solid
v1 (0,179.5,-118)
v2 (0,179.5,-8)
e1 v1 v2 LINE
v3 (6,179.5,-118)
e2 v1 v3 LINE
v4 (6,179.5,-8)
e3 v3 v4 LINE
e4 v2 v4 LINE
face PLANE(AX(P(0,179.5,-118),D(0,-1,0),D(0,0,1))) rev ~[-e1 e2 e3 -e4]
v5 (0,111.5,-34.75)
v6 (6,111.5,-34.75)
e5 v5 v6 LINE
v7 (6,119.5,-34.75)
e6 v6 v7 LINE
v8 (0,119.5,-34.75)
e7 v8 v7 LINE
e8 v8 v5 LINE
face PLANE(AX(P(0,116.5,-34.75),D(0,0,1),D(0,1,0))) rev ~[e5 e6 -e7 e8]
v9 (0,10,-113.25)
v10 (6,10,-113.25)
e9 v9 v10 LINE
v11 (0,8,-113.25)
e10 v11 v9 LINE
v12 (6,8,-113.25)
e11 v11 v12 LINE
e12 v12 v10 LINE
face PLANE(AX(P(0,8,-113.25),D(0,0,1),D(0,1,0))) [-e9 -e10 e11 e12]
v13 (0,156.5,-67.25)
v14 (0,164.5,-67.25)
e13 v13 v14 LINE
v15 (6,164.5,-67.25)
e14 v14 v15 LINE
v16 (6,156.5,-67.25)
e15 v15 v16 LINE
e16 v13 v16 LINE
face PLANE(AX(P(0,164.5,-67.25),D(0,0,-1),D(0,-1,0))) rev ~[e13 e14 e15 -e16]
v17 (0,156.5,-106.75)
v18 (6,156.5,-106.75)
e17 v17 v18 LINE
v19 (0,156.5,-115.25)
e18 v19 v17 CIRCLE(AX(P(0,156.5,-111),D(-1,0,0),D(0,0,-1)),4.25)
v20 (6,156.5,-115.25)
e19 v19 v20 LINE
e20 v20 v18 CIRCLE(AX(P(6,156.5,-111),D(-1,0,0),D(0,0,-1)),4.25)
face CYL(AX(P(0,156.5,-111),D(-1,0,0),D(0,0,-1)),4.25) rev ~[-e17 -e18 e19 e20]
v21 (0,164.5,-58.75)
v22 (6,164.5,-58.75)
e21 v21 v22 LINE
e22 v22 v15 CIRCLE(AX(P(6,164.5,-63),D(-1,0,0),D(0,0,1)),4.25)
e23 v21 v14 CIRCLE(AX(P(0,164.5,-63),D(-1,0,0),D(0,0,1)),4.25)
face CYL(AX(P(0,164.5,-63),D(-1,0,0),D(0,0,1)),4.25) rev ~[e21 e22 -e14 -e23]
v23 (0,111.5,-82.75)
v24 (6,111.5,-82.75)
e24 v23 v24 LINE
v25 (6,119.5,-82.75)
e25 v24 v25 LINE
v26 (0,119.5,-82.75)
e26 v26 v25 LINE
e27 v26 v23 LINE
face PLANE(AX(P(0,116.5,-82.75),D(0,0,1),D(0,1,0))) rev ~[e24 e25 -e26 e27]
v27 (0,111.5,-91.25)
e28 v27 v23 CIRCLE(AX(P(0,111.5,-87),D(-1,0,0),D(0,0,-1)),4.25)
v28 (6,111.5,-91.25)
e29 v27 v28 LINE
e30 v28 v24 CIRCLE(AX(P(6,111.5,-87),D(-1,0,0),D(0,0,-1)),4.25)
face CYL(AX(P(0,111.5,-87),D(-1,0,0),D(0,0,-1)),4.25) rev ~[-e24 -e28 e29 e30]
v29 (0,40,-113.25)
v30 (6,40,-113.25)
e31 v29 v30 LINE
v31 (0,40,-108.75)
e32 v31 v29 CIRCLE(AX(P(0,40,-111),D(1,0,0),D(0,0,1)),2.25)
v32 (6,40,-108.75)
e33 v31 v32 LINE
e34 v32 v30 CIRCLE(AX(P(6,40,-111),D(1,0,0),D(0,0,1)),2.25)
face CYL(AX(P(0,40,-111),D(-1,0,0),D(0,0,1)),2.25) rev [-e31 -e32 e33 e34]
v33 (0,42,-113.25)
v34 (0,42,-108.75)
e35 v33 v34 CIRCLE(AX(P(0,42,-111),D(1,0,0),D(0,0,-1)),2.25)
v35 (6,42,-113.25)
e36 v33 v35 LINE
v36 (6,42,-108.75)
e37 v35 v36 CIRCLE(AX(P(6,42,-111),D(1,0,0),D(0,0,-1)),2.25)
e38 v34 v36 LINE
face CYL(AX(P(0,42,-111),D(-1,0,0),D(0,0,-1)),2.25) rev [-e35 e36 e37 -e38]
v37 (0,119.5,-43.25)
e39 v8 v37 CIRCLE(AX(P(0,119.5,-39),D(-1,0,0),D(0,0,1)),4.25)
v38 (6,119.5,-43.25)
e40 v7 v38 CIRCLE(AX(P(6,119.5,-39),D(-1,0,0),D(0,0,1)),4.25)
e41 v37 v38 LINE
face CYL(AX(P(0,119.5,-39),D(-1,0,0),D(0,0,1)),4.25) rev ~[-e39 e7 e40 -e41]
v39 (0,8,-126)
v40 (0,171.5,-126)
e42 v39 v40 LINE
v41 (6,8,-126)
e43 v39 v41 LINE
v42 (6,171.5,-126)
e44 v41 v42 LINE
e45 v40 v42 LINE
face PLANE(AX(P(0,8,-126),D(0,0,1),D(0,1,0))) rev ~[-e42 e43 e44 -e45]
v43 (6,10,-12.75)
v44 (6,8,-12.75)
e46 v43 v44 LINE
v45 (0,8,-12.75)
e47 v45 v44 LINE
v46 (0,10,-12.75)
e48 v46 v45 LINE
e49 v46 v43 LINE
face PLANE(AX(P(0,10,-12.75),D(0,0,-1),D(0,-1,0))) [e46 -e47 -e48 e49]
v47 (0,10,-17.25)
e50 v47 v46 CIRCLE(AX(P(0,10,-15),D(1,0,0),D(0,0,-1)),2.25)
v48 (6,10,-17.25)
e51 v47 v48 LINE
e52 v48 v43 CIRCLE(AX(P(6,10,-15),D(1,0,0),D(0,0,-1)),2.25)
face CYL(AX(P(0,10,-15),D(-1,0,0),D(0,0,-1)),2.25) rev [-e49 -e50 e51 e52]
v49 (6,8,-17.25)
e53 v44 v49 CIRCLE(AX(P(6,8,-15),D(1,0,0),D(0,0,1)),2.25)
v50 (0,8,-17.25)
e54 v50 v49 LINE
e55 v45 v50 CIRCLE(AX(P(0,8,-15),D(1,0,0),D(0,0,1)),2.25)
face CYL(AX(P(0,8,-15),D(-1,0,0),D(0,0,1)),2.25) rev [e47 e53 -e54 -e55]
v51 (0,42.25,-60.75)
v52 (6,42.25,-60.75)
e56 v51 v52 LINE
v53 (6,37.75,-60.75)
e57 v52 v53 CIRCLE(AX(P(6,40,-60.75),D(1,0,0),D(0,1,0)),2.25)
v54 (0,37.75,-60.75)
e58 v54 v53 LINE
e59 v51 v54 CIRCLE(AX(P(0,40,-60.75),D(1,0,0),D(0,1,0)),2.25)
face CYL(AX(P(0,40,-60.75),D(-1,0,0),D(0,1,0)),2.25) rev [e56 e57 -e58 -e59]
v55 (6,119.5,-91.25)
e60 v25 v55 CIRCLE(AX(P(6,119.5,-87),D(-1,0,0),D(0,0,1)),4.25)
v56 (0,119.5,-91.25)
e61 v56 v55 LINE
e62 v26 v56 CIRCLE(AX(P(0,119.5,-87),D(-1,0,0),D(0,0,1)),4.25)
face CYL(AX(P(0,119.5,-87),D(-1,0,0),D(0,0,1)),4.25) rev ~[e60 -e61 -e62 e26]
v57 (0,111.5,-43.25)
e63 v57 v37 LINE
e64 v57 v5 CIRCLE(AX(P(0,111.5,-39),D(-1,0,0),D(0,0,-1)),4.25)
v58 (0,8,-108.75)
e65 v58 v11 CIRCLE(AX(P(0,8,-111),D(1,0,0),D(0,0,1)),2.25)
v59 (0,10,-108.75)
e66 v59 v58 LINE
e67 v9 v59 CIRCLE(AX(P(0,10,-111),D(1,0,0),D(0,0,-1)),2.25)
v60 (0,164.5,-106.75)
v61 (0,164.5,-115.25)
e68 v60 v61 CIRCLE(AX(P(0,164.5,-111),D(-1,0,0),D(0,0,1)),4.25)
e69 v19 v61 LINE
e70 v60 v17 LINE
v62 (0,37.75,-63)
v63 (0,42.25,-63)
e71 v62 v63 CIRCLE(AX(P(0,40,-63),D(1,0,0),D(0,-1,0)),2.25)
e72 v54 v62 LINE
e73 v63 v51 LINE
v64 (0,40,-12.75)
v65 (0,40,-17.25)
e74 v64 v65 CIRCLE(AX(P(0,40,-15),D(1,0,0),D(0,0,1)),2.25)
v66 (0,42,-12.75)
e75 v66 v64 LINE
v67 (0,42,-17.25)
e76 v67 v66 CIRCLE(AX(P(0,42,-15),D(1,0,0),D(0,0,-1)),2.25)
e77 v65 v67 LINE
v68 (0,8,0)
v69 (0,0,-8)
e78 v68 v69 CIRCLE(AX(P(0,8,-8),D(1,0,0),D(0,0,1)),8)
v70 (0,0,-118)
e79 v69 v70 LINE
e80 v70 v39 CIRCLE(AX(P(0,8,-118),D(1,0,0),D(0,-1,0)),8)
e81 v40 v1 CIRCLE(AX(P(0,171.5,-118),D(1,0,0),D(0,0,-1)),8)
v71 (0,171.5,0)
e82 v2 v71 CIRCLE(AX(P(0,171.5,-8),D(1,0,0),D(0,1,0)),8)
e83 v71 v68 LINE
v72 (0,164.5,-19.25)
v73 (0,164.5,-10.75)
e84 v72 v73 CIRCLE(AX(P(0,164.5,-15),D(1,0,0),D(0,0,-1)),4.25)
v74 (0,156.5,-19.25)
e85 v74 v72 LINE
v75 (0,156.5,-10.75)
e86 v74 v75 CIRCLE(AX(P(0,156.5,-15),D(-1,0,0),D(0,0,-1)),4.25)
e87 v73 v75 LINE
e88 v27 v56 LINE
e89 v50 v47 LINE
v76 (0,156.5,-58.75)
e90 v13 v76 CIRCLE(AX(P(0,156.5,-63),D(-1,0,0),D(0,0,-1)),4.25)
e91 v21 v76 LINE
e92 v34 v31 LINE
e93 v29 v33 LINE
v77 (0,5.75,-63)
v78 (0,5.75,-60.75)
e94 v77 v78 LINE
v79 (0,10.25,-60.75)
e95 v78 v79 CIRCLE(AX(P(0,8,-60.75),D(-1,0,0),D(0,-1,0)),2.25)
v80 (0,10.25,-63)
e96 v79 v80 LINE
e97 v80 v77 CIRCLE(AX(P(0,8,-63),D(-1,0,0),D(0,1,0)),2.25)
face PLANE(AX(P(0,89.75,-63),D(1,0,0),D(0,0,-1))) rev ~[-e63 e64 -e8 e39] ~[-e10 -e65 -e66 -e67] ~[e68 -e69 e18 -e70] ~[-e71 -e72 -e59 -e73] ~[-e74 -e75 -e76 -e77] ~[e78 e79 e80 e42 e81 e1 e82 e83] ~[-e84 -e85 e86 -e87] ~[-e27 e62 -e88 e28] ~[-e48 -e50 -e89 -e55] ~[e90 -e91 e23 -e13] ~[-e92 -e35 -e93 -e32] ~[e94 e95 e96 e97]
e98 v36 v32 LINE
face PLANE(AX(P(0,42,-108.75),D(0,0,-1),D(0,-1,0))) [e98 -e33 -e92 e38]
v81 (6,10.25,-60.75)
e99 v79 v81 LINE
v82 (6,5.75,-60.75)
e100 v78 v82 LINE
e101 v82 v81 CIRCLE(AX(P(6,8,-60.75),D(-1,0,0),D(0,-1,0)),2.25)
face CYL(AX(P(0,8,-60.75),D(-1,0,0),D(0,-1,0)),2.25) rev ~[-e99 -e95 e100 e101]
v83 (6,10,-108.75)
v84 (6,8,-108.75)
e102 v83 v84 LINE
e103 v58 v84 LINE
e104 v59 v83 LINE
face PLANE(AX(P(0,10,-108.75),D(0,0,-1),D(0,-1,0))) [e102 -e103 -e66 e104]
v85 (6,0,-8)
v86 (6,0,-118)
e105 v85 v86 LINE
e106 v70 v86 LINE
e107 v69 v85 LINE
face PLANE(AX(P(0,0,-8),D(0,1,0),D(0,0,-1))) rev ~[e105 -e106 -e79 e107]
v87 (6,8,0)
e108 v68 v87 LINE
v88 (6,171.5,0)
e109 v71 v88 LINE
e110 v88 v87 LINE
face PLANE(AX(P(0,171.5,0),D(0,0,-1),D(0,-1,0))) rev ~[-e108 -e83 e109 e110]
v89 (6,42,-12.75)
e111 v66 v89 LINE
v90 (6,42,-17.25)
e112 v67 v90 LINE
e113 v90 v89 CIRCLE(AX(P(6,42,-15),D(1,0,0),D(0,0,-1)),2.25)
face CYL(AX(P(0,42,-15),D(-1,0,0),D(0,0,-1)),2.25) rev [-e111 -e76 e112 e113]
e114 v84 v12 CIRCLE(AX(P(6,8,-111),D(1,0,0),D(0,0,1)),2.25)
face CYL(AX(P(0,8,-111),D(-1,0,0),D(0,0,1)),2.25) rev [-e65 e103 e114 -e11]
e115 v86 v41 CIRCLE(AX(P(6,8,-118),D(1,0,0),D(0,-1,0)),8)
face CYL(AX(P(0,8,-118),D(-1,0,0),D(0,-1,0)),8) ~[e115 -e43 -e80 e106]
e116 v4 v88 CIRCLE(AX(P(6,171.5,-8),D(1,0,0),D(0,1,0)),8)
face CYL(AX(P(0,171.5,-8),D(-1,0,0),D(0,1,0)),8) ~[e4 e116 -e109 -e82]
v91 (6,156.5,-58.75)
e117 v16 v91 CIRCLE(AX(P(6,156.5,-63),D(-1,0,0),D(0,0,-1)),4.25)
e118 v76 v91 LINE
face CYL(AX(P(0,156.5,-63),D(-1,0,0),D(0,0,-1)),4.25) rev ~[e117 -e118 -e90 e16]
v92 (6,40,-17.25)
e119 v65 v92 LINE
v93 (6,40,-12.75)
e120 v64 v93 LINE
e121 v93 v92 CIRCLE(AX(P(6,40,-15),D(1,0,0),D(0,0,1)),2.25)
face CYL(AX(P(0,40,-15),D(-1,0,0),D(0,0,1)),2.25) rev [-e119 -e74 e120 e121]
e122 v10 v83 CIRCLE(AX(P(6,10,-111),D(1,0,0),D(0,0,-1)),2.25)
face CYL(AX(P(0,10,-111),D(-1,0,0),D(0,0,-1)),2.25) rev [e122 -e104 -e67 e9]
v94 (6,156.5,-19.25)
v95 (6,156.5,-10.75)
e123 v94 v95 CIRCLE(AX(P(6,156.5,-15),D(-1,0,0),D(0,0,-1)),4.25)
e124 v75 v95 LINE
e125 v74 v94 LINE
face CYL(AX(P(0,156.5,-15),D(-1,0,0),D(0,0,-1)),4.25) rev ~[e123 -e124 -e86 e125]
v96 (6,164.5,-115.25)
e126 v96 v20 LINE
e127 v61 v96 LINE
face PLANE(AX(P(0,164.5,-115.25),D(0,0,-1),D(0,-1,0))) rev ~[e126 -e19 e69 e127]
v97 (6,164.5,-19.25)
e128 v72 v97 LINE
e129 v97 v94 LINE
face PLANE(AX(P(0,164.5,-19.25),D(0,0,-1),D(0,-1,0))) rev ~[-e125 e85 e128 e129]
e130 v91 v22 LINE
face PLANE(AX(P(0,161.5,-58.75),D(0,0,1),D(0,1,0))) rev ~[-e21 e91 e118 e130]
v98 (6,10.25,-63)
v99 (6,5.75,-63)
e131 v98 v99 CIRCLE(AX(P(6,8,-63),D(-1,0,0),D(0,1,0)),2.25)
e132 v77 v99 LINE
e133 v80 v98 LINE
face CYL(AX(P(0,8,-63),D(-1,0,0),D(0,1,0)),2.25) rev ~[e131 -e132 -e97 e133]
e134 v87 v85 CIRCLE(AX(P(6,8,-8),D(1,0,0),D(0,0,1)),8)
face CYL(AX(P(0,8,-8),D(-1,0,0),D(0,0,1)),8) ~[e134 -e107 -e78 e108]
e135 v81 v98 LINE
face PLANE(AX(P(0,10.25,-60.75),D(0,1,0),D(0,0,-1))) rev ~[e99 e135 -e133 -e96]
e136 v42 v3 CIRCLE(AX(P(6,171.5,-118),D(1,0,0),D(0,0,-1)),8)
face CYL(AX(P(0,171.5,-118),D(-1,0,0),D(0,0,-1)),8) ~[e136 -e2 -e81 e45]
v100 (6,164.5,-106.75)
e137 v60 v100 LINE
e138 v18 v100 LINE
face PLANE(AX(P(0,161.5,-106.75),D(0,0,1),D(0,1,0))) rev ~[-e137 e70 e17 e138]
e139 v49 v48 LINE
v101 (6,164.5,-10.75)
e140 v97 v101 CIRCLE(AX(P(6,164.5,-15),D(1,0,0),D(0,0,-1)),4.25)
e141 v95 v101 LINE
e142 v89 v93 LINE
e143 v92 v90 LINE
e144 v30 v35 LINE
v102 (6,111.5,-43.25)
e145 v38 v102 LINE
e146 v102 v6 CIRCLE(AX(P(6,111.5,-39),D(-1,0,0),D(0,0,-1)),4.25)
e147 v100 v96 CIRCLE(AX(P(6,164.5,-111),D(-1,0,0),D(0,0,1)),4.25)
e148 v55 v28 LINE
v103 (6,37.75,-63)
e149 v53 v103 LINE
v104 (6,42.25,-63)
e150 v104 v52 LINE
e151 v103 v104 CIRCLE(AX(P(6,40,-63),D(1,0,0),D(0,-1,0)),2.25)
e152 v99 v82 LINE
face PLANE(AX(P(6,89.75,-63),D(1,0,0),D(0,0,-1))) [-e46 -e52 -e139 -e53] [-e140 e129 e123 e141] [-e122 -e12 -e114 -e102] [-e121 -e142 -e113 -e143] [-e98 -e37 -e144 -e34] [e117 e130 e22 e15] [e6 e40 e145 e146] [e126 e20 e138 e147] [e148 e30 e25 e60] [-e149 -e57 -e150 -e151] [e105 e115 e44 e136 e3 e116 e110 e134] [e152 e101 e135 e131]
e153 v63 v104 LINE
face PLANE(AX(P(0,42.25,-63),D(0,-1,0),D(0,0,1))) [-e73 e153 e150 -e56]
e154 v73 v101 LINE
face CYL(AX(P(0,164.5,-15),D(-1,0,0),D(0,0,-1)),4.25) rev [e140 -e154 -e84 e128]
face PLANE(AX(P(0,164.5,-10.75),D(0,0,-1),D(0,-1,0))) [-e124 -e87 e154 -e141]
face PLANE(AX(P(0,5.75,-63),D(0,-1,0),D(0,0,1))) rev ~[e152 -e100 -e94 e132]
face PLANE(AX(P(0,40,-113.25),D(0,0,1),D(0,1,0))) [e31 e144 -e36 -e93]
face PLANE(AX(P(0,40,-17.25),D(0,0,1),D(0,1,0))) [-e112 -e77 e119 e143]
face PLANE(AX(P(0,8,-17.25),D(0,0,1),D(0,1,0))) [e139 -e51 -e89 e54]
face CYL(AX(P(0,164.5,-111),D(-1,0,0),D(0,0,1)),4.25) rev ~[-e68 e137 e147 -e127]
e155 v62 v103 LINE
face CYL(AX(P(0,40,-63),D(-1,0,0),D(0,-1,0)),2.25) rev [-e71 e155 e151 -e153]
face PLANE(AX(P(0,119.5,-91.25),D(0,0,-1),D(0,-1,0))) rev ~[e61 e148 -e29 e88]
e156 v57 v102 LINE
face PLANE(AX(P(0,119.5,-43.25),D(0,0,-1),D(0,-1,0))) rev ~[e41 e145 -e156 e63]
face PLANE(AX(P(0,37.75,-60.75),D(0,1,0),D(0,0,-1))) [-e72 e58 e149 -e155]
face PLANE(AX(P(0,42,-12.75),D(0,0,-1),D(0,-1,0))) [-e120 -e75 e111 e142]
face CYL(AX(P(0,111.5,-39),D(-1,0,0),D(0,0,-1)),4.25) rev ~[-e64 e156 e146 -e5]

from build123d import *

# Parameters (mm, degrees)
EXTRUDE_2_DEPTH          = 6
CUT_EXTRUDE_1_DEPTH      = 7
CUT_EXTRUDE_1_DEPTH_BACK = 1


with BuildPart() as part:
    # 草图1 → 凸台-拉伸2 (new body)
    with BuildSketch(Plane(origin=(0, 0, 0), x_dir=(0, 0, -1), z_dir=(1, 0, 0))):
        with BuildLine():
            Line((8, 0), (118, 0))
            ThreePointArc((118, 0), (123.656854249, 2.343145751), (126, 8))
            Line((126, 8), (126, 171.5))
            ThreePointArc((126, 171.5), (123.656854249, 177.156854249), (118, 179.5))
            Line((118, 179.5), (8, 179.5))
            ThreePointArc((8, 179.5), (2.343145751, 177.156854249), (0, 171.5))
            Line((0, 171.5), (0, 8))
            ThreePointArc((0, 8), (2.343145751, 2.343145751), (8, 0))
        make_face()
        with BuildLine():
            Line((12.75, 10), (12.75, 8))
            ThreePointArc((12.75, 8), (15, 5.75), (17.25, 8))
            Line((17.25, 8), (17.25, 10))
            ThreePointArc((17.25, 10), (15, 12.25), (12.75, 10))
        make_face(mode=Mode.SUBTRACT)
        with BuildLine():
            Line((12.75, 42), (12.75, 40))
            ThreePointArc((12.75, 40), (15, 37.75), (17.25, 40))
            Line((17.25, 40), (17.25, 42))
            ThreePointArc((17.25, 42), (15, 44.25), (12.75, 42))
        make_face(mode=Mode.SUBTRACT)
        with BuildLine():
            Line((108.75, 42), (108.75, 40))
            ThreePointArc((108.75, 40), (111, 37.75), (113.25, 40))
            Line((113.25, 40), (113.25, 42))
            ThreePointArc((113.25, 42), (111, 44.25), (108.75, 42))
        make_face(mode=Mode.SUBTRACT)
        with BuildLine():
            Line((108.75, 10), (108.75, 8))
            ThreePointArc((108.75, 8), (111, 5.75), (113.25, 8))
            Line((113.25, 8), (113.25, 10))
            ThreePointArc((113.25, 10), (111, 12.25), (108.75, 10))
        make_face(mode=Mode.SUBTRACT)
        with BuildLine():
            Line((60.75, 37.75), (63, 37.75))
            ThreePointArc((63, 37.75), (65.25, 40), (63, 42.25))
            Line((63, 42.25), (60.75, 42.25))
            ThreePointArc((60.75, 42.25), (58.5, 40), (60.75, 37.75))
        make_face(mode=Mode.SUBTRACT)
        with BuildLine():
            Line((60.75, 10.25), (63, 10.25))
            ThreePointArc((63, 10.25), (65.25, 8), (63, 5.75))
            Line((63, 5.75), (60.75, 5.75))
            ThreePointArc((60.75, 5.75), (58.5, 8), (60.75, 10.25))
        make_face(mode=Mode.SUBTRACT)
        with BuildLine():
            Line((34.75, 116.5), (34.75, 119.5))
            ThreePointArc((34.75, 119.5), (39, 123.75), (43.25, 119.5))
            Line((43.25, 119.5), (43.25, 116.5))
            ThreePointArc((43.25, 116.5), (39, 112.25), (34.75, 116.5))
        make_face(mode=Mode.SUBTRACT)
        with BuildLine():
            Line((82.75, 116.5), (82.75, 119.5))
            ThreePointArc((82.75, 119.5), (87, 123.75), (91.25, 119.5))
            Line((91.25, 119.5), (91.25, 116.5))
            ThreePointArc((91.25, 116.5), (87, 112.25), (82.75, 116.5))
        make_face(mode=Mode.SUBTRACT)
        with BuildLine():
            Line((10.75, 164.5), (10.75, 161.5))
            ThreePointArc((10.75, 161.5), (15, 157.25), (19.25, 161.5))
            Line((19.25, 161.5), (19.25, 164.5))
            ThreePointArc((19.25, 164.5), (15, 168.75), (10.75, 164.5))
        make_face(mode=Mode.SUBTRACT)
        with BuildLine():
            Line((67.25, 164.5), (67.25, 161.5))
            ThreePointArc((67.25, 161.5), (63, 157.25), (58.75, 161.5))
            Line((58.75, 161.5), (58.75, 164.5))
            ThreePointArc((58.75, 164.5), (63, 168.75), (67.25, 164.5))
        make_face(mode=Mode.SUBTRACT)
        with BuildLine():
            Line((115.25, 164.5), (115.25, 161.5))
            ThreePointArc((115.25, 161.5), (111, 157.25), (106.75, 161.5))
            Line((106.75, 161.5), (106.75, 164.5))
            ThreePointArc((106.75, 164.5), (111, 168.75), (115.25, 164.5))
        make_face(mode=Mode.SUBTRACT)
    extrude(amount=EXTRUDE_2_DEPTH)

    # 草图2 → 切除-拉伸1 (cut, two sides)
    with BuildSketch(Plane(origin=(0, 0, 0), x_dir=(0, 0, -1), z_dir=(1, 0, 0))) as cut_extrude_1_sk:
        with BuildLine():
            Line((43.25, 119.5), (43.25, 111.5))
            ThreePointArc((43.25, 111.5), (39, 107.25), (34.75, 111.5))
            Line((34.75, 111.5), (34.75, 119.5))
            ThreePointArc((34.75, 119.5), (39, 123.75), (43.25, 119.5))
        make_face()
        with BuildLine():
            Line((91.25, 119.5), (91.25, 111.5))
            ThreePointArc((91.25, 111.5), (87, 107.25), (82.75, 111.5))
            Line((82.75, 111.5), (82.75, 119.5))
            ThreePointArc((82.75, 119.5), (87, 123.75), (91.25, 119.5))
        make_face()
        with BuildLine():
            Line((19.25, 164.5), (19.25, 156.5))
            ThreePointArc((19.25, 156.5), (15, 152.25), (10.75, 156.5))
            Line((10.75, 156.5), (10.75, 164.5))
            ThreePointArc((10.75, 164.5), (15, 168.75), (19.25, 164.5))
        make_face()
        with BuildLine():
            Line((67.25, 164.5), (67.25, 156.5))
            ThreePointArc((67.25, 156.5), (63, 152.25), (58.75, 156.5))
            Line((58.75, 156.5), (58.75, 164.5))
            ThreePointArc((58.75, 164.5), (63, 168.75), (67.25, 164.5))
        make_face()
        with BuildLine():
            Line((115.25, 164.5), (115.25, 156.5))
            ThreePointArc((115.25, 156.5), (111, 152.25), (106.75, 156.5))
            Line((106.75, 156.5), (106.75, 164.5))
            ThreePointArc((106.75, 164.5), (111, 168.75), (115.25, 164.5))
        make_face()
    extrude(amount=CUT_EXTRUDE_1_DEPTH, mode=Mode.SUBTRACT)
    extrude(cut_extrude_1_sk.sketch, amount=-CUT_EXTRUDE_1_DEPTH_BACK, mode=Mode.SUBTRACT)


solid = part.part
